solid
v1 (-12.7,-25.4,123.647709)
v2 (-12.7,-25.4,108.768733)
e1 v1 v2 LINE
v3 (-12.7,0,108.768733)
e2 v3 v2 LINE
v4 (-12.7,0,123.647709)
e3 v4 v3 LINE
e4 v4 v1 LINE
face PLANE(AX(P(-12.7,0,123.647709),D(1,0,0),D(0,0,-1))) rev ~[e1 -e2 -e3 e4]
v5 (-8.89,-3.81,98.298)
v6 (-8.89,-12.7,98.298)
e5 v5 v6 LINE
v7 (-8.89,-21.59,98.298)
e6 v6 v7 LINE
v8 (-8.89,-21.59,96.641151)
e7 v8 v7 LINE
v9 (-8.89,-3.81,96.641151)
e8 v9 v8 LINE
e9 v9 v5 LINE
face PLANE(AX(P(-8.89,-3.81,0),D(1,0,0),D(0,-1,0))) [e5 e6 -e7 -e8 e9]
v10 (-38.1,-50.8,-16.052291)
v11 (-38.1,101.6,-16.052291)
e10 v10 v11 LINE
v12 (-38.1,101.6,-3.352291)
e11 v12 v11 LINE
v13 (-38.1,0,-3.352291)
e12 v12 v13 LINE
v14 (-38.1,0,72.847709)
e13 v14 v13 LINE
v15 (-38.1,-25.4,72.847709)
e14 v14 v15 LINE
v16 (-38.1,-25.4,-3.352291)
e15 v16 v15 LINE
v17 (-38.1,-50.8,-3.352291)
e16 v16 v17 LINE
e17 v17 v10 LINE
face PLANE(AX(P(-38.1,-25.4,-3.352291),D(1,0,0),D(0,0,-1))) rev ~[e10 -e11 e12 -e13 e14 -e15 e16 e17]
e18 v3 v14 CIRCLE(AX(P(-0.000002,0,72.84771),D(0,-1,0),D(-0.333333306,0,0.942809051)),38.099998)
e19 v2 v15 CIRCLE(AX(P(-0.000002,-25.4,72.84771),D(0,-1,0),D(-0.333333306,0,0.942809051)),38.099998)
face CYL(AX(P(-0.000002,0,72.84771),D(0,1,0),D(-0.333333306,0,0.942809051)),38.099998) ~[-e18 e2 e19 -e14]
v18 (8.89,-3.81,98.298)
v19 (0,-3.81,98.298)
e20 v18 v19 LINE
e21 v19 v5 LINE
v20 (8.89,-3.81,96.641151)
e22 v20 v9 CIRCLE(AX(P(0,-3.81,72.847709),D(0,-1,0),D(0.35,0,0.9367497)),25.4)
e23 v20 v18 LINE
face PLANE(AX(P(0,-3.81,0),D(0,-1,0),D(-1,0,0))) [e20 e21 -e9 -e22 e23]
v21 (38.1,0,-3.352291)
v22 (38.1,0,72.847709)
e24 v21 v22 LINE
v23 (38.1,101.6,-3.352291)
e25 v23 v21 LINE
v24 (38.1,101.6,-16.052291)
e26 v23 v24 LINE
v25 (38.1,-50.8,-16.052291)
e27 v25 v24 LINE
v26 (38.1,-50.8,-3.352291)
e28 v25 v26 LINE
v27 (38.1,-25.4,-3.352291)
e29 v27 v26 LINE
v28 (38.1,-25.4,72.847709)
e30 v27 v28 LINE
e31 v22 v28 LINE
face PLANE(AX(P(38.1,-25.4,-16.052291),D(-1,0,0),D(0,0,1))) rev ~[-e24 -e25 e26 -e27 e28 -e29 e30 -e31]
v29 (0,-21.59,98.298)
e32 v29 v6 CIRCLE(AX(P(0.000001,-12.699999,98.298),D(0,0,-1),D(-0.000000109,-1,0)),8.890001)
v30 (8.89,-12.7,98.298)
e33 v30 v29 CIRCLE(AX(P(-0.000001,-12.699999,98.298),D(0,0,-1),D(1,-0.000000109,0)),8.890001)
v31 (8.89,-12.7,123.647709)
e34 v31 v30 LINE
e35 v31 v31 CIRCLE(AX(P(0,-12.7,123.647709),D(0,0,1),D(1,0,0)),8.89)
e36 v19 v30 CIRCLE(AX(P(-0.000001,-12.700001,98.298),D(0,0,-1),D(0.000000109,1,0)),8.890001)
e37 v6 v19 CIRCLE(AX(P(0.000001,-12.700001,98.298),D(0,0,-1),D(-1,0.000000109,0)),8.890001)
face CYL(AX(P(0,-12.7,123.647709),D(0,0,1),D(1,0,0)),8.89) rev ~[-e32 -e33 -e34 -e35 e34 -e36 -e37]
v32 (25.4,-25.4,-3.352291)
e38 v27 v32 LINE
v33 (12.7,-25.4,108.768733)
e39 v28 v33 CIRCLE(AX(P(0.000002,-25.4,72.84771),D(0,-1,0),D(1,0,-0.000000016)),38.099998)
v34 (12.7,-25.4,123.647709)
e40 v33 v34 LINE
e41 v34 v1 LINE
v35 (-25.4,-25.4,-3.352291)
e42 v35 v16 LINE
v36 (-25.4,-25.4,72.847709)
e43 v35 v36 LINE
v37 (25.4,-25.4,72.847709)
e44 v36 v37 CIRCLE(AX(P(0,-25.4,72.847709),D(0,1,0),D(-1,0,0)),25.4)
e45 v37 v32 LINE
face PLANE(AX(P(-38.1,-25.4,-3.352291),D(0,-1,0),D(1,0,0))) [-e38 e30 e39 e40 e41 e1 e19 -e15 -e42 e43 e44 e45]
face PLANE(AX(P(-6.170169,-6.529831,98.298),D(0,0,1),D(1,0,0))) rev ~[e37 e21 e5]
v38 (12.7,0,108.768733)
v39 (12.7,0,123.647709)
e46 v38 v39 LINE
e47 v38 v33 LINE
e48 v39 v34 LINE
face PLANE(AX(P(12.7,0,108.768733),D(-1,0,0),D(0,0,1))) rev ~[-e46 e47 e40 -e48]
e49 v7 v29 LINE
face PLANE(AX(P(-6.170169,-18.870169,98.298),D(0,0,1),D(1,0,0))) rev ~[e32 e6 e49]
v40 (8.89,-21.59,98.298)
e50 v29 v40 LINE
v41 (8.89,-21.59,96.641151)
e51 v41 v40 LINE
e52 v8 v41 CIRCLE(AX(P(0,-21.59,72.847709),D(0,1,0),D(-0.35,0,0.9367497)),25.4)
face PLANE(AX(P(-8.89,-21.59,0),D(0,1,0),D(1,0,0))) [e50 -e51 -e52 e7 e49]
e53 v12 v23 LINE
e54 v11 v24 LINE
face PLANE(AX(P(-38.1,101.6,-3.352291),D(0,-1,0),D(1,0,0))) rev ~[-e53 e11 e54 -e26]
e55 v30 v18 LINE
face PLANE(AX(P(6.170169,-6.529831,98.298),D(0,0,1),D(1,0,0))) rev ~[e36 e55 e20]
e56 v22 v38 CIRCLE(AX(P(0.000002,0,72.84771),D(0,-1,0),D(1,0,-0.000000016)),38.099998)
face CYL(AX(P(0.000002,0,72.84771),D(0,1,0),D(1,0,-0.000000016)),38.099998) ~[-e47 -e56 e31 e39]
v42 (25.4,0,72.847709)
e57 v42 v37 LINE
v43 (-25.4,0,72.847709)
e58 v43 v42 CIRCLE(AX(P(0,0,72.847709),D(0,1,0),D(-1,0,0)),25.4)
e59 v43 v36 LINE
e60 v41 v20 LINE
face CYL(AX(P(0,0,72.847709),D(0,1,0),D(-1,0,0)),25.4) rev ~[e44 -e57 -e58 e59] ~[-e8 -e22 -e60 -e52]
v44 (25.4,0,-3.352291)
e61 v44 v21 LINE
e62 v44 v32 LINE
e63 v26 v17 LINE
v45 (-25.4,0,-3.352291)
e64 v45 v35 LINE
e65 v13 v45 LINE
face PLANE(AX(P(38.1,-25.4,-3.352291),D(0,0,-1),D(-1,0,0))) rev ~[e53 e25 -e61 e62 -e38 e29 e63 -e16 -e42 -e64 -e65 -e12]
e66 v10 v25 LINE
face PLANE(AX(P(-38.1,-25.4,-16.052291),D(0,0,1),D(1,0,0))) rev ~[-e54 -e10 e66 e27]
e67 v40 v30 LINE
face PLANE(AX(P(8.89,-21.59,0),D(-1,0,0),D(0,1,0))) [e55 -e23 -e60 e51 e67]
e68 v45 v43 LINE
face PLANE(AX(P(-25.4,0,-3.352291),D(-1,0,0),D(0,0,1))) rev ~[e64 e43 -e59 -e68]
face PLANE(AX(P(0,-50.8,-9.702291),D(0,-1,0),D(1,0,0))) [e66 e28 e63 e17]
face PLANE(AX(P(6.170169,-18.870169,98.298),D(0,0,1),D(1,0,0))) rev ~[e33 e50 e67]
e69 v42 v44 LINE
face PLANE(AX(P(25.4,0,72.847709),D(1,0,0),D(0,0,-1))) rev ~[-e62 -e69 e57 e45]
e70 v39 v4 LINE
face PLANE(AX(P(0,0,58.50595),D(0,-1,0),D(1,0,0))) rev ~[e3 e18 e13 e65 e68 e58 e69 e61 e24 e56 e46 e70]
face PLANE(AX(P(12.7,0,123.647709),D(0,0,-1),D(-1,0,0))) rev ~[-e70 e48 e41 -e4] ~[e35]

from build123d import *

# Parameters (mm, degrees)
F1_DEPTH = 25.4
F2_R     = 8.89
F3_DEPTH = 97.9802
F5_DEPTH = 98.298
F6_W     = 76.2
F6_H     = 127
F7_DEPTH = 12.7
F9_DEPTH = 25.4


with BuildPart() as f1:
    # F0 (on Front) → F1 (new body)
    with BuildSketch(Plane.XZ):
        with BuildLine():
            ThreePointArc((-25.4, 72.847709), (0, 98.247709), (25.4, 72.847709))
            Line((25.4, 72.847709), (25.4, -3.352291))
            Line((25.4, -3.352291), (38.1, -3.352291))
            Line((38.1, -3.352291), (38.1, 72.847709))
            ThreePointArc((38.1, 72.847709), (31.10852, 94.844754), (12.7, 108.768733))
            Line((12.7, 108.768733), (12.7, 123.647709))
            Line((12.7, 123.647709), (0, 123.647709))
            Line((0, 123.647709), (-12.7, 123.647709))
            Line((-12.7, 123.647709), (-12.7, 108.768733))
            ThreePointArc((-12.7, 108.768733), (-31.10852, 94.844754), (-38.1, 72.847709))
            Line((-38.1, 72.847709), (-38.1, -3.352291))
            Line((-38.1, -3.352291), (-25.4, -3.352291))
            Line((-25.4, -3.352291), (-25.4, 72.847709))
        make_face()
    extrude(amount=F1_DEPTH)

    # F2 (on face) → F3 (cut)
    with BuildSketch(Plane.XY.offset(123.647709)):
        with Locations((0, -12.7)):
            Circle(F2_R)
    extrude(amount=-F3_DEPTH, mode=Mode.SUBTRACT)

    # F4 (on Top) → F5 (cut)
    with BuildSketch(Plane.XY):
        with BuildLine():
            Line((8.89, -21.59), (8.89, -12.7))
            ThreePointArc((8.89, -12.7), (6.286179, -18.986179), (0, -21.59))
            Line((0, -21.59), (8.89, -21.59))
        make_face()
        with BuildLine():
            ThreePointArc((0, -3.81), (6.286179, -6.413821), (8.89, -12.7))
            Line((8.89, -12.7), (8.89, -3.81))
            Line((8.89, -3.81), (0, -3.81))
        make_face()
        with BuildLine():
            ThreePointArc((-8.89, -12.7), (-6.286179, -6.413821), (0, -3.81))
            Line((0, -3.81), (-8.89, -3.81))
            Line((-8.89, -3.81), (-8.89, -12.7))
        make_face()
        with BuildLine():
            Line((-8.89, -21.59), (0, -21.59))
            ThreePointArc((0, -21.59), (-6.286179, -18.986179), (-8.89, -12.7))
            Line((-8.89, -12.7), (-8.89, -21.59))
        make_face()
    extrude(amount=F5_DEPTH, mode=Mode.SUBTRACT)

    # F6 (on face) → F7 (join)
    with BuildSketch(Plane(origin=(0, 0, -3.352291), x_dir=(1, 0, 0), z_dir=(0, 0, -1))):
        with Locations((0, -38.1)):
            Rectangle(F6_W, F6_H)
    extrude(amount=F7_DEPTH)

    # F8 (on face) → F9 (join)
    with BuildSketch(Plane.XZ.offset(25.4)):
        Polygon((0, -16.052291), (38.1, -16.052291), (38.1, -3.352291), (0, -3.352291), (-38.1, -3.352291), (-38.1, -16.052291), align=None)
    extrude(amount=F9_DEPTH)


solid = f1.part
